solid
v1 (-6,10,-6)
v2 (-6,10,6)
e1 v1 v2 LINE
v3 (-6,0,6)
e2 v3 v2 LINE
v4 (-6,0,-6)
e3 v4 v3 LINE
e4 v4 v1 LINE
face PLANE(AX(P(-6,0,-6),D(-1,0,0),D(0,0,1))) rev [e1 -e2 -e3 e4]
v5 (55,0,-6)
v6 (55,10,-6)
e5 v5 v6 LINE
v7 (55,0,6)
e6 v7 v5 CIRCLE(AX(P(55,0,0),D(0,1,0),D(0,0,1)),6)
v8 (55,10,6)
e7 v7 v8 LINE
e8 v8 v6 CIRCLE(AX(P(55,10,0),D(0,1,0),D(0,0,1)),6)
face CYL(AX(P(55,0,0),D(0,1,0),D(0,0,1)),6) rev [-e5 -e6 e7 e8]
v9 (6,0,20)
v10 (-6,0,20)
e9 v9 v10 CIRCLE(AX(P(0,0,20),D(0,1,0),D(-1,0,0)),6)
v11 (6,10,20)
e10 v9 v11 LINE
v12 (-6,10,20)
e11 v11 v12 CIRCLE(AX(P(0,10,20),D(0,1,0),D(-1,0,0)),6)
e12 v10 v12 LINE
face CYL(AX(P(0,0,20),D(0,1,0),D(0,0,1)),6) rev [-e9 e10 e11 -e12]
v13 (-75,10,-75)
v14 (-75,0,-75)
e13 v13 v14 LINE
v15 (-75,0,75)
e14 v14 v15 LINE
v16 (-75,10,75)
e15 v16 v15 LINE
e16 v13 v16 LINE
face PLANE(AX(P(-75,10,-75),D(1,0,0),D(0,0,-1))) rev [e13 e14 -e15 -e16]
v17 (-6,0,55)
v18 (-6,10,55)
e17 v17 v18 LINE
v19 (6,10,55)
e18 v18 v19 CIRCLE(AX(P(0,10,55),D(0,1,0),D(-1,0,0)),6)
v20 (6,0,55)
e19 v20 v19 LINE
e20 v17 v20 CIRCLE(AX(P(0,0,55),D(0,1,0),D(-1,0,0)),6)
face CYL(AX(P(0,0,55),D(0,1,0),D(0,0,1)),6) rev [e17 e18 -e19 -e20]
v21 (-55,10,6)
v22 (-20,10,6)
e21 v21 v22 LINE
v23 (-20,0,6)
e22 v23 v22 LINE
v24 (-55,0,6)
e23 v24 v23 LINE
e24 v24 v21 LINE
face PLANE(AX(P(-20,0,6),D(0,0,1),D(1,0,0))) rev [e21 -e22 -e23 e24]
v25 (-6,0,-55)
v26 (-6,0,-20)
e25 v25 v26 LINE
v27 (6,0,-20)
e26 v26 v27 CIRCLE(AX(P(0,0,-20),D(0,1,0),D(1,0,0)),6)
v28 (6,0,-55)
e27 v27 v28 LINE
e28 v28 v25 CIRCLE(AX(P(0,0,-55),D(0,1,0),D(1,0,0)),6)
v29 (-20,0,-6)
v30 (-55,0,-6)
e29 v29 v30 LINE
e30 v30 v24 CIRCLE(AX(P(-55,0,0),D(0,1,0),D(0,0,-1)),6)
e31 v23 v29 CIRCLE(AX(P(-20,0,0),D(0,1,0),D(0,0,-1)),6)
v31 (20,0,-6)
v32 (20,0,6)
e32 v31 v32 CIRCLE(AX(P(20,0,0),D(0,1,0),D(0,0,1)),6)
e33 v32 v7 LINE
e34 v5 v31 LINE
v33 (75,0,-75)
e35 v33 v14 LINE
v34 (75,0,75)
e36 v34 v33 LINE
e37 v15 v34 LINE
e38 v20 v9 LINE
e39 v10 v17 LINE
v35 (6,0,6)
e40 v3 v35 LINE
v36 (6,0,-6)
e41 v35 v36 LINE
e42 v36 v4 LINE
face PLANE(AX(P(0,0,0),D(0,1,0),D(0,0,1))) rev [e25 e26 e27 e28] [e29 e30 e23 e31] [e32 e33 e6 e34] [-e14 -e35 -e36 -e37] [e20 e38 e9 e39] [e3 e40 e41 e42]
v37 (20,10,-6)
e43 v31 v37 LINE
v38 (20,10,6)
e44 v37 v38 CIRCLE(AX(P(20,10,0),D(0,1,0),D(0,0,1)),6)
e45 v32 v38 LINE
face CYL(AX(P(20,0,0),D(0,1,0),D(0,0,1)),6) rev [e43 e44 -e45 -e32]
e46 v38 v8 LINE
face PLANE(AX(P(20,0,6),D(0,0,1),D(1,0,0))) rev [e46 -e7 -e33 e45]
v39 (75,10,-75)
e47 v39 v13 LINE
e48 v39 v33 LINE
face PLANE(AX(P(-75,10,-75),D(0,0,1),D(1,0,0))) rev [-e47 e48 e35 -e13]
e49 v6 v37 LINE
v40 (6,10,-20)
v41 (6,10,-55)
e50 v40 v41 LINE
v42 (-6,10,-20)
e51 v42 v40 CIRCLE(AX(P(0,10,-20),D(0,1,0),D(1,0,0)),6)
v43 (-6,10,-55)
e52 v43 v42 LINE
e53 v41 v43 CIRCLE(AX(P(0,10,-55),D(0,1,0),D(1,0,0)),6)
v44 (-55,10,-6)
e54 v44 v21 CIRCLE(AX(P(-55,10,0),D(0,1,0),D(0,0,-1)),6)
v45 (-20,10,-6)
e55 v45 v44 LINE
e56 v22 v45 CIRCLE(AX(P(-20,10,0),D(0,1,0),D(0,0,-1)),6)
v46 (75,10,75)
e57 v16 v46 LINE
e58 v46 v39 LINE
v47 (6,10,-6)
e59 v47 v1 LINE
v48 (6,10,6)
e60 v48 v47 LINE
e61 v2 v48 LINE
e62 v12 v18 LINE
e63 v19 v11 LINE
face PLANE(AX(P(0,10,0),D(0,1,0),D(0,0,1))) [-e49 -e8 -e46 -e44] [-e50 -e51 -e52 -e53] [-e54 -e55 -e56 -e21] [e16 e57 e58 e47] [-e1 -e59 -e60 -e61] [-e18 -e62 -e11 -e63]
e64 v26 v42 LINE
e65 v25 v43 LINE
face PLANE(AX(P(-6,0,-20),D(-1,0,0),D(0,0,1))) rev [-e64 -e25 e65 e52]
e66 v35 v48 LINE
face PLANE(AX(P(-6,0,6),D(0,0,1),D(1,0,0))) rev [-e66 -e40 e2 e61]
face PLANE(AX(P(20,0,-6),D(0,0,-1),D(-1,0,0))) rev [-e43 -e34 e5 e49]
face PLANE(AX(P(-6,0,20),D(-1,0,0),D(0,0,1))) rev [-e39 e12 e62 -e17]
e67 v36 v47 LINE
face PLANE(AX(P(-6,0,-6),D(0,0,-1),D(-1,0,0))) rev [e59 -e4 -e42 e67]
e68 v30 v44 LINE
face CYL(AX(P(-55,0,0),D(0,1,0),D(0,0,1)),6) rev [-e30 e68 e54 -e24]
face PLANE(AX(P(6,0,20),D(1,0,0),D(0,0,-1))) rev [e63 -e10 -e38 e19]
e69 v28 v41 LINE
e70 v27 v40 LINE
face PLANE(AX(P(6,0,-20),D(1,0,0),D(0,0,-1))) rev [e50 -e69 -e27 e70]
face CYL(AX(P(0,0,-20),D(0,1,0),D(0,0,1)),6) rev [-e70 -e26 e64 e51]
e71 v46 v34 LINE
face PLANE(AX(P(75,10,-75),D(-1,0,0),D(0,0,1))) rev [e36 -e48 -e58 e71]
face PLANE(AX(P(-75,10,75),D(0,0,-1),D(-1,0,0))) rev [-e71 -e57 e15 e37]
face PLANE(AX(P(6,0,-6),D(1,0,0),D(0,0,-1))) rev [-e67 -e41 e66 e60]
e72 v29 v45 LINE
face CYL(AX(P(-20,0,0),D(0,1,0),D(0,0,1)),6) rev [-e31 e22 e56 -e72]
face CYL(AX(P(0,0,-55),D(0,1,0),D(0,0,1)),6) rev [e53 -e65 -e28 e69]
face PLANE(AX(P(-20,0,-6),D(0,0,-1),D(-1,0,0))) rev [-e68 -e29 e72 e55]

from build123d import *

# Parameters (mm, degrees)
SKETCH1_W           = 150
SKETCH1_H           = 150
BOSS_EXTRUDE1_DEPTH = 10
SKETCH3_W           = 12
SKETCH3_H           = 12
CUT_EXTRUDE2_DEPTH  = 107.536378763
CUT_EXTRUDE1_DEPTH  = 107.536378763
CIRPATTERN1_COUNT   = 4


with BuildPart() as part:
    # Sketch1 → Boss-Extrude1 (new body)
    with BuildSketch(Plane(origin=(0, 0, 0), x_dir=(1, 0, 0), z_dir=(0, 1, 0))):
        Rectangle(SKETCH1_W, SKETCH1_H)
    extrude(amount=BOSS_EXTRUDE1_DEPTH)

    # Sketch3 → Cut-Extrude2 (cut, through all)
    with BuildSketch(Plane(origin=(0, 10, 0), x_dir=(1, 0, 0), z_dir=(0, 1, 0))):
        Rectangle(SKETCH3_W, SKETCH3_H)
    extrude(amount=-CUT_EXTRUDE2_DEPTH, mode=Mode.SUBTRACT)

    # Sketch2 → Cut-Extrude1 (cut, through all)
    with BuildSketch(Plane(origin=(0, 10, 0), x_dir=(1, 0, 0), z_dir=(0, 1, 0))):
        with BuildLine():
            Line((20, 6), (55, 6))
            ThreePointArc((55, 6), (61, 0), (55, -6))
            Line((55, -6), (20, -6))
            ThreePointArc((20, -6), (14, 0), (20, 6))
        make_face()
    cut_extrude1 = extrude(amount=-CUT_EXTRUDE1_DEPTH, mode=Mode.SUBTRACT)

    # CirPattern1: Cut-Extrude1 ×4 about axis
    cirpattern1_axis = Axis((0, -0.5, 0), (0, 1, 0))
    for i in range(1, CIRPATTERN1_COUNT):
        add(cut_extrude1.rotate(cirpattern1_axis, i * 360 / CIRPATTERN1_COUNT), mode=Mode.SUBTRACT)


solid = part.part
